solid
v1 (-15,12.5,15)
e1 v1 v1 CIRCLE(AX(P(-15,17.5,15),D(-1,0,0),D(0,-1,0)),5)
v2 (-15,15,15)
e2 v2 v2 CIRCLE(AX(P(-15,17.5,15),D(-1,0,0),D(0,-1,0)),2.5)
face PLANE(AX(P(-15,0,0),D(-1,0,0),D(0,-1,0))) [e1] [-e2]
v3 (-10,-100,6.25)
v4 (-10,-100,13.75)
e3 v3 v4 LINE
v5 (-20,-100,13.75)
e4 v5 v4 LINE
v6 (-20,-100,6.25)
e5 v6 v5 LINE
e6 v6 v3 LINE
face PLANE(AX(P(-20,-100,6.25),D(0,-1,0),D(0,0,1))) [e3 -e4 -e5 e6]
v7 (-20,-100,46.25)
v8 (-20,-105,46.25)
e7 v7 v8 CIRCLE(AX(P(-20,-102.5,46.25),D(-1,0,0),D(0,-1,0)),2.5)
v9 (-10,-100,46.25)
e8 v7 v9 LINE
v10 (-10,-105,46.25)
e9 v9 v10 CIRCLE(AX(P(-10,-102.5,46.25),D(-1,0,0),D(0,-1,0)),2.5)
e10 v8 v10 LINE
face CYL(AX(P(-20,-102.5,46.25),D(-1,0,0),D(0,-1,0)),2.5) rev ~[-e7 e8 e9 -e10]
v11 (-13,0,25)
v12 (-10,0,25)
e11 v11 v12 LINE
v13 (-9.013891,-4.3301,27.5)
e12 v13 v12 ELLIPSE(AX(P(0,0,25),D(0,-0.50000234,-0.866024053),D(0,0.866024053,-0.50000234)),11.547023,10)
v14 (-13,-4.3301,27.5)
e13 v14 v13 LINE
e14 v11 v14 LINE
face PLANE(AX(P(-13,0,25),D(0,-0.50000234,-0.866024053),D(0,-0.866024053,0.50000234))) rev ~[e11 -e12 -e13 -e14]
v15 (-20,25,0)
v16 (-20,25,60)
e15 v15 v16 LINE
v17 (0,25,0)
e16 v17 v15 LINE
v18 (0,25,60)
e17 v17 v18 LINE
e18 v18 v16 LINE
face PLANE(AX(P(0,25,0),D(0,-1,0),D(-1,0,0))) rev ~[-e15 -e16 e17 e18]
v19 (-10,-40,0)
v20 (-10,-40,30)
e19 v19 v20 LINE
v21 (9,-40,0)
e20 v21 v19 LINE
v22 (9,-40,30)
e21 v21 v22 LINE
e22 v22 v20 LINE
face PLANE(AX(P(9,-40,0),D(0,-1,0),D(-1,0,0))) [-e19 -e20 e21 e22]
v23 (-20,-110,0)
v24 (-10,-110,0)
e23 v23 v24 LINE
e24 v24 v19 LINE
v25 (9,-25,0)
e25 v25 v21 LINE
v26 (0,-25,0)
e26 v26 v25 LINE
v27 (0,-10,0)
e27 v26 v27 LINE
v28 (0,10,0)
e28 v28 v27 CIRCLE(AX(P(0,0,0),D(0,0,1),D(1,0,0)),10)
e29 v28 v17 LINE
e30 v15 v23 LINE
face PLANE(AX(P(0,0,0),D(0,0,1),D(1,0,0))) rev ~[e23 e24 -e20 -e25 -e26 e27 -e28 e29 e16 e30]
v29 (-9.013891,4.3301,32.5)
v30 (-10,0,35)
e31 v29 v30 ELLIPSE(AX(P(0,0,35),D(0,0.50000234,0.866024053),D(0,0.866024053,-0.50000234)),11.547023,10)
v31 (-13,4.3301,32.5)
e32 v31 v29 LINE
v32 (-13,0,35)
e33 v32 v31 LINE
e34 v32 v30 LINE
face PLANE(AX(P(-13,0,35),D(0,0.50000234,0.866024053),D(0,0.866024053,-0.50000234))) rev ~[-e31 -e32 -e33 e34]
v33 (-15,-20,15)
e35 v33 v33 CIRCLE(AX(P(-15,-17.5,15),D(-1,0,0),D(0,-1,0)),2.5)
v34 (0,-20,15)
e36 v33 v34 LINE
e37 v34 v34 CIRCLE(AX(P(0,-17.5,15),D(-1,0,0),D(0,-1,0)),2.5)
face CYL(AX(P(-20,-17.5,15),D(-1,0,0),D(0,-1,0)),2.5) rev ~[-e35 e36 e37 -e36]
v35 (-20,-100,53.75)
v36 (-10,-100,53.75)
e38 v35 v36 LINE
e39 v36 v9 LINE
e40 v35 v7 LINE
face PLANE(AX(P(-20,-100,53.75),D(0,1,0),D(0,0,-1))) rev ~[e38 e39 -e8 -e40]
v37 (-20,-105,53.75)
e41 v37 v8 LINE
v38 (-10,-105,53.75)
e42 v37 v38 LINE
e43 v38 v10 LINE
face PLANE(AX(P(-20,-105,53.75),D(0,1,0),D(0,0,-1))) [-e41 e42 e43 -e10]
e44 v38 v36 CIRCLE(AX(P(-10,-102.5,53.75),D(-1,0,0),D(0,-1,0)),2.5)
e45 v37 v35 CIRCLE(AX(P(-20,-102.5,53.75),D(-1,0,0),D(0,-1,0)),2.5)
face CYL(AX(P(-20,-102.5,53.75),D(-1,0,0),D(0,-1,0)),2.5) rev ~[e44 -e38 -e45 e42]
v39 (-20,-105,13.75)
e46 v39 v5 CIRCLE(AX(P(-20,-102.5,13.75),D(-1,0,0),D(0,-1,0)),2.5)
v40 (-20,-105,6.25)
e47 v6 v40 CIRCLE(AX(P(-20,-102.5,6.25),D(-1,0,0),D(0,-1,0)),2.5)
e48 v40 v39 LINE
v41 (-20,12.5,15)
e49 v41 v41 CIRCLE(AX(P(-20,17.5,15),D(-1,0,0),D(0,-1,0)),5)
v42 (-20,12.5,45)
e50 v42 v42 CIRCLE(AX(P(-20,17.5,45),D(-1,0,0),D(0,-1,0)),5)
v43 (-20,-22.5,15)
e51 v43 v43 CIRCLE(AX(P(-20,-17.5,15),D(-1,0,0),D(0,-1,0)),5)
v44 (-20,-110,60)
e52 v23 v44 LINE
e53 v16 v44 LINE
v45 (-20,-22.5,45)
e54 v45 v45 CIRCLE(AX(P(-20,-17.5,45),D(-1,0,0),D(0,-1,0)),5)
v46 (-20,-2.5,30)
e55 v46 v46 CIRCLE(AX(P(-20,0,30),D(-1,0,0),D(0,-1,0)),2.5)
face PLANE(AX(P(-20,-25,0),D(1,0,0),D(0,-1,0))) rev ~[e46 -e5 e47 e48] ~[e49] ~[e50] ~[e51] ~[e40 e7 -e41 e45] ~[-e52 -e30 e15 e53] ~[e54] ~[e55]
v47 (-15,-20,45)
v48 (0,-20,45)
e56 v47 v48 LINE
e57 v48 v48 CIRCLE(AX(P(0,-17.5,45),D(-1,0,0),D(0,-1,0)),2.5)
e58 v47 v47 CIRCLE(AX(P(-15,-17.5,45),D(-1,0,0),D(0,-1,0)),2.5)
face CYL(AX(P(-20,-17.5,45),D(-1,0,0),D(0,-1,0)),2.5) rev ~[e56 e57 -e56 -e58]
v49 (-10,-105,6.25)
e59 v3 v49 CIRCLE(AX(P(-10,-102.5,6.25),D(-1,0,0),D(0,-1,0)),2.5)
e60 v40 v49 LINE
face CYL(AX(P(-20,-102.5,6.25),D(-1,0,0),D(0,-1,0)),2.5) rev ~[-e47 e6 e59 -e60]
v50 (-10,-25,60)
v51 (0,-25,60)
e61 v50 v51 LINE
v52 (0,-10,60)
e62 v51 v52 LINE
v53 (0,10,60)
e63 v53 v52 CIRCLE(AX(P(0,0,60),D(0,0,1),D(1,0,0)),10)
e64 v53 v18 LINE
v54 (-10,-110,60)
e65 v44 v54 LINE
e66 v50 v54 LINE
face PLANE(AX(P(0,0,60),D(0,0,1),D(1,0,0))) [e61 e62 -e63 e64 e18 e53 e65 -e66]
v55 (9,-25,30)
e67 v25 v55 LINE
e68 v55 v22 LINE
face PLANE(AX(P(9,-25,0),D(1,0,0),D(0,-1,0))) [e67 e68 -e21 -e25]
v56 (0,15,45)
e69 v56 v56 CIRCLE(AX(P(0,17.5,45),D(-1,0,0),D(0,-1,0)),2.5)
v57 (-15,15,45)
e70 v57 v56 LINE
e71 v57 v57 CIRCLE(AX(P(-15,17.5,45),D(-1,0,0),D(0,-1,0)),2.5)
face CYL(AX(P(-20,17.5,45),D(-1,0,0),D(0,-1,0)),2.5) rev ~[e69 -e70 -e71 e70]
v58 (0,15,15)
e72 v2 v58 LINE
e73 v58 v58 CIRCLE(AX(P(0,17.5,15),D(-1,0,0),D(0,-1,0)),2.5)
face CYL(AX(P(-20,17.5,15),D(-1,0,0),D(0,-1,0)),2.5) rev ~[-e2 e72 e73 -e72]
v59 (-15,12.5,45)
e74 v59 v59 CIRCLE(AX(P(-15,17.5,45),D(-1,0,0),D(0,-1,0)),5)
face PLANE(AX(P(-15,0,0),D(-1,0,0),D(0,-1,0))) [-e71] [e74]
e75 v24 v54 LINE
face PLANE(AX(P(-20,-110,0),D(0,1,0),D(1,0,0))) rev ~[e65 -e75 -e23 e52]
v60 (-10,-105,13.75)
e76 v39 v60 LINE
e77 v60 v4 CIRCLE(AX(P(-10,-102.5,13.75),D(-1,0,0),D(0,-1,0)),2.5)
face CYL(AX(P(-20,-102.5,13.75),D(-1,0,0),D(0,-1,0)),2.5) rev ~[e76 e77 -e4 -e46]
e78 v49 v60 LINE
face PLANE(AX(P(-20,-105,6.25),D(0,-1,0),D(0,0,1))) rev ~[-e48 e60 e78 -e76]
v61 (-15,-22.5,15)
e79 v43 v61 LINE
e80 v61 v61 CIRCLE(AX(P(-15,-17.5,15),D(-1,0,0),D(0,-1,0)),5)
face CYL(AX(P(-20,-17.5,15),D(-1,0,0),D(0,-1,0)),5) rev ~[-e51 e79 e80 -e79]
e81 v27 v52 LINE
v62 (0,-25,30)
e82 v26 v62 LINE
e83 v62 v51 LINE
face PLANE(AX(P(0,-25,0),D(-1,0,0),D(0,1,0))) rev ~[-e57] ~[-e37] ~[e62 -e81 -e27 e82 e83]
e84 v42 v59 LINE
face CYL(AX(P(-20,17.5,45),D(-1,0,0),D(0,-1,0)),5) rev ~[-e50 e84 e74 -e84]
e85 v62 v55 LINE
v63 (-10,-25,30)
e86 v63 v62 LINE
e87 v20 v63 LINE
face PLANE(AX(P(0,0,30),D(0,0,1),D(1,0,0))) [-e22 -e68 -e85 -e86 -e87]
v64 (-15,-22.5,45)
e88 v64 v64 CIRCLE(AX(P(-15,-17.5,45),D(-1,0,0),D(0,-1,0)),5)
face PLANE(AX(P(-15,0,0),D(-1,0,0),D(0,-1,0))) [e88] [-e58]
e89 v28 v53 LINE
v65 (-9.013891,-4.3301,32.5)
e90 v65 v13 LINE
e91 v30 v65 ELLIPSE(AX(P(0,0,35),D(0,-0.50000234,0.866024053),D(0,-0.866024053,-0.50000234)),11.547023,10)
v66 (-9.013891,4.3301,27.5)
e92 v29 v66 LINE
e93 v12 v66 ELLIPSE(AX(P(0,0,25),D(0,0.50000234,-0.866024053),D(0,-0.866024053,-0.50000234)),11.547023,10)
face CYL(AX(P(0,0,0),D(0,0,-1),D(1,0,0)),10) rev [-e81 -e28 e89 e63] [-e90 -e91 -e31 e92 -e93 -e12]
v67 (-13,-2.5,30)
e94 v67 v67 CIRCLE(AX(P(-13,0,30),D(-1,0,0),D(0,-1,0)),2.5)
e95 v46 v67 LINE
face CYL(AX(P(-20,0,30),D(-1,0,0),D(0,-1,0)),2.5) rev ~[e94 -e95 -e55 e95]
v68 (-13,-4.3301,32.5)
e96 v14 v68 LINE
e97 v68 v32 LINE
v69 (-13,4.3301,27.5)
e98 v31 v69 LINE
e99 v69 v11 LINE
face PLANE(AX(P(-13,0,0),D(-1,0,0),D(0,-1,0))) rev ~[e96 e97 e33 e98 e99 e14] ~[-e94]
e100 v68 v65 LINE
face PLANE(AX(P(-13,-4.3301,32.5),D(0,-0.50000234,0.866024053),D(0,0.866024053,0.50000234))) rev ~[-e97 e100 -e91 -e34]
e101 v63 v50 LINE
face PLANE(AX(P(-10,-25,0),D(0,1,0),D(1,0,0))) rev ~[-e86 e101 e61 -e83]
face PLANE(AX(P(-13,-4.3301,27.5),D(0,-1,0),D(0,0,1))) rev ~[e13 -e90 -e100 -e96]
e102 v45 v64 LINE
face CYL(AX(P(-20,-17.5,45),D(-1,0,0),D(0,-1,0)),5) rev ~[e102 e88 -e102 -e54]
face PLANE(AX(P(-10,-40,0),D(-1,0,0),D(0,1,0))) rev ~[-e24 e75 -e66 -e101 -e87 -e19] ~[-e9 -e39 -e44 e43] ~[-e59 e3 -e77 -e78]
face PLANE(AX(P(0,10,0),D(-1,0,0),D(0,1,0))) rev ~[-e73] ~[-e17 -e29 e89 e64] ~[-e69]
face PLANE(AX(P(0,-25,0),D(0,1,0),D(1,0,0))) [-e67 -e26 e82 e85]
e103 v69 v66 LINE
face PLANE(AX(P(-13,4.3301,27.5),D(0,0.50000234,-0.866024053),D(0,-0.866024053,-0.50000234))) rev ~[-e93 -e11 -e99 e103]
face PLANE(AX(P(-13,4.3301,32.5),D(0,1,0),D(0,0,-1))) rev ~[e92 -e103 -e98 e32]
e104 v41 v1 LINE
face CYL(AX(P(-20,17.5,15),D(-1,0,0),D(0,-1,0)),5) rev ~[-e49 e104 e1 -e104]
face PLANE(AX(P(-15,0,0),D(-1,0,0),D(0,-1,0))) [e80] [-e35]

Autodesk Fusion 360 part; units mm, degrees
sketch "Sketch1" plane through (0, 0, 0) normal (0, 0, 1) x (1, 0, 0)
  circle A0 centre (0, 0) radius 10
  line L0 (0, 0) -> (0, 10) construction
  line L1 (0, 10) -> (0, 25)
  line L2 (0, 25) -> (-20, 25)
  line L3 (-20, 25) -> (-20, -25)
  line L4 (-20, -25) -> (0, -25)
  line L5 (0, -25) -> (0, -10)
  line L6 (-20, -25) -> (-20, -110)
  line L7 (-20, -110) -> (-10, -110)
  line L8 (-10, -110) -> (-10, -25)
  line L9 (-10, -25) -> (9, -25)
  line L10 (9, -25) -> (9, -40)
  line L11 (9, -40) -> (-10, -40)
  line L12 (-10, -40) -> (-10, -25)
  dimension "d1" = 20
  dimension "d2" = 15
  dimension "d3" = 20
  dimension "d4" = 50
  dimension "d5" = 85
  dimension "d6" = 10
  dimension "d7" = 19
extrude "Extrude1" add sketch "Sketch1" along normal blind 60 contours A0 L1 L2 L3 L4 L5 L9
extrude "Extrude2" add sketch "Sketch1" along normal blind 30 contours L4 L8 L9 L10 L11 L12
extrude "Extrude3" add sketch "Sketch1" along normal blind 60 contours L4 L6 L7 L8 L12
sketch "Sketch2" plane through (-20, 0, 0) normal (-1, 0, 0) x (0, -1, 0)
  line L0 (-25, 0) -> (110, 0)
  line L1 (110, 0) -> (110, 60)
  line L2 (110, 60) -> (-25, 60)
  line L3 (-25, 60) -> (-25, 0)
  line L4 (-25, 60) -> (-17.5, 60) construction
  line L5 (-17.5, 60) -> (27.5, 60) construction
  line L6 (-17.5, 60) -> (-17.5, 45) construction
  circle A0 centre (-17.5, 15) radius 2.5
  line L7 (110, 30) -> (102.5, 30) construction
  line L8 (102.5, 30) -> (102.5, 46.25) construction
  circle A1 centre (102.5, 46.25) radius 2.5
  circle A2 centre (102.5, 53.75) radius 2.5
  line L9 (102.5, 53.75) -> (100, 53.75) construction
  line L10 (102.5, 46.25) -> (100, 46.25) construction
  line L11 (100, 53.75) -> (100, 46.25)
  line L12 (105, 53.75) -> (105, 46.25)
  circle A3 centre (102.5, 6.25) radius 2.5
  line L13 (105, 6.25) -> (105, 13.75)
  circle A4 centre (102.5, 13.75) radius 2.5
  line L14 (100, 6.25) -> (100, 13.75)
  circle A5 centre (17.5, 15) radius 2.5
  circle A6 centre (-17.5, 45) radius 2.5
  circle A7 centre (17.5, 45) radius 2.5
  line L15 (-17.5, 45) -> (17.5, 45) construction
  line L16 (-17.5, 15) -> (17.5, 15) construction
  line L17 (0, 15) -> (0, 45) construction
  circle A8 centre (0, 30) radius 2.5
  dimension "d14" = 7.5
  dimension "d15" = 45
  dimension "d16" = 15
  dimension "d23" = 7.5
  dimension "d24" = 16.25
  dimension "d25" = 5
  dimension "d28" = 0
  dimension "d29" = 7.5
  dimension "d34" = 35
  dimension "d35" = 30
  dimension "d36" = 5
extrude "Extrude4" cut sketch "Sketch2" against normal blind 20 contours A0 | A1 | A1 A2 L11 L12 | A2 | A3 | A3 L13 A4 L14 | A4 | A5 | A6 | A7 | A8
sketch "Sketch3" plane through (-20, 0, 0) normal (-1, 0, 0) x (0, -1, 0)
  circle A0 centre (17.5, 45) radius 2.5
  circle A1 centre (-17.5, 45) radius 2.5
  circle A2 centre (17.5, 15) radius 2.5
  arc A3 (105, 13.75) -> (100, 13.75) centre (102.5, 13.75) ccw
  line L0 (105, 13.75) -> (105, 6.25)
  arc A4 (100, 6.25) -> (105, 6.25) centre (102.5, 6.25) ccw
  line L1 (100, 6.25) -> (100, 13.75)
  circle A5 centre (-17.5, 15) radius 2.5
  circle A6 centre (0, 30) radius 2.5
  arc A7 (100, 46.25) -> (105, 46.25) centre (102.5, 46.25) ccw
  line L2 (100, 46.25) -> (100, 53.75)
  arc A8 (105, 53.75) -> (100, 53.75) centre (102.5, 53.75) ccw
  line L3 (105, 53.75) -> (105, 46.25)
  line L4 (-25, 0) -> (110, 0)
  line L5 (110, 0) -> (110, 60)
  line L6 (110, 60) -> (-25, 60)
  line L7 (-25, 60) -> (-25, 0)
  circle A9 centre (-17.5, 45) radius 5
  circle A10 centre (17.5, 45) radius 5
  circle A11 centre (-17.5, 15) radius 5
  circle A12 centre (17.5, 15) radius 5
  line L8 (0, 30) -> (0, 35) construction
  line L9 (0, 35) -> (-4.3301, 32.5)
  line L10 (-4.3301, 32.5) -> (-4.3301, 27.5)
  line L11 (-4.3301, 27.5) -> (0, 25)
  line L12 (0, 25) -> (4.3301, 27.5)
  line L13 (4.3301, 27.5) -> (4.3301, 32.5)
  line L14 (4.3301, 32.5) -> (0, 35)
  point P0 (0, 30)
  dimension "d37" = 10
  dimension "d40" = 35
  dimension "d41" = -30
  dimension "d42" = 5
extrude "Extrude5" cut sketch "Sketch3" against normal blind 5 contours A9 | A10 | A11 | A12
extrude "Extrude6" cut sketch "Sketch3" against normal blind 6 from surface at -7 contours L9 L10 L11 L12 L13 L14
